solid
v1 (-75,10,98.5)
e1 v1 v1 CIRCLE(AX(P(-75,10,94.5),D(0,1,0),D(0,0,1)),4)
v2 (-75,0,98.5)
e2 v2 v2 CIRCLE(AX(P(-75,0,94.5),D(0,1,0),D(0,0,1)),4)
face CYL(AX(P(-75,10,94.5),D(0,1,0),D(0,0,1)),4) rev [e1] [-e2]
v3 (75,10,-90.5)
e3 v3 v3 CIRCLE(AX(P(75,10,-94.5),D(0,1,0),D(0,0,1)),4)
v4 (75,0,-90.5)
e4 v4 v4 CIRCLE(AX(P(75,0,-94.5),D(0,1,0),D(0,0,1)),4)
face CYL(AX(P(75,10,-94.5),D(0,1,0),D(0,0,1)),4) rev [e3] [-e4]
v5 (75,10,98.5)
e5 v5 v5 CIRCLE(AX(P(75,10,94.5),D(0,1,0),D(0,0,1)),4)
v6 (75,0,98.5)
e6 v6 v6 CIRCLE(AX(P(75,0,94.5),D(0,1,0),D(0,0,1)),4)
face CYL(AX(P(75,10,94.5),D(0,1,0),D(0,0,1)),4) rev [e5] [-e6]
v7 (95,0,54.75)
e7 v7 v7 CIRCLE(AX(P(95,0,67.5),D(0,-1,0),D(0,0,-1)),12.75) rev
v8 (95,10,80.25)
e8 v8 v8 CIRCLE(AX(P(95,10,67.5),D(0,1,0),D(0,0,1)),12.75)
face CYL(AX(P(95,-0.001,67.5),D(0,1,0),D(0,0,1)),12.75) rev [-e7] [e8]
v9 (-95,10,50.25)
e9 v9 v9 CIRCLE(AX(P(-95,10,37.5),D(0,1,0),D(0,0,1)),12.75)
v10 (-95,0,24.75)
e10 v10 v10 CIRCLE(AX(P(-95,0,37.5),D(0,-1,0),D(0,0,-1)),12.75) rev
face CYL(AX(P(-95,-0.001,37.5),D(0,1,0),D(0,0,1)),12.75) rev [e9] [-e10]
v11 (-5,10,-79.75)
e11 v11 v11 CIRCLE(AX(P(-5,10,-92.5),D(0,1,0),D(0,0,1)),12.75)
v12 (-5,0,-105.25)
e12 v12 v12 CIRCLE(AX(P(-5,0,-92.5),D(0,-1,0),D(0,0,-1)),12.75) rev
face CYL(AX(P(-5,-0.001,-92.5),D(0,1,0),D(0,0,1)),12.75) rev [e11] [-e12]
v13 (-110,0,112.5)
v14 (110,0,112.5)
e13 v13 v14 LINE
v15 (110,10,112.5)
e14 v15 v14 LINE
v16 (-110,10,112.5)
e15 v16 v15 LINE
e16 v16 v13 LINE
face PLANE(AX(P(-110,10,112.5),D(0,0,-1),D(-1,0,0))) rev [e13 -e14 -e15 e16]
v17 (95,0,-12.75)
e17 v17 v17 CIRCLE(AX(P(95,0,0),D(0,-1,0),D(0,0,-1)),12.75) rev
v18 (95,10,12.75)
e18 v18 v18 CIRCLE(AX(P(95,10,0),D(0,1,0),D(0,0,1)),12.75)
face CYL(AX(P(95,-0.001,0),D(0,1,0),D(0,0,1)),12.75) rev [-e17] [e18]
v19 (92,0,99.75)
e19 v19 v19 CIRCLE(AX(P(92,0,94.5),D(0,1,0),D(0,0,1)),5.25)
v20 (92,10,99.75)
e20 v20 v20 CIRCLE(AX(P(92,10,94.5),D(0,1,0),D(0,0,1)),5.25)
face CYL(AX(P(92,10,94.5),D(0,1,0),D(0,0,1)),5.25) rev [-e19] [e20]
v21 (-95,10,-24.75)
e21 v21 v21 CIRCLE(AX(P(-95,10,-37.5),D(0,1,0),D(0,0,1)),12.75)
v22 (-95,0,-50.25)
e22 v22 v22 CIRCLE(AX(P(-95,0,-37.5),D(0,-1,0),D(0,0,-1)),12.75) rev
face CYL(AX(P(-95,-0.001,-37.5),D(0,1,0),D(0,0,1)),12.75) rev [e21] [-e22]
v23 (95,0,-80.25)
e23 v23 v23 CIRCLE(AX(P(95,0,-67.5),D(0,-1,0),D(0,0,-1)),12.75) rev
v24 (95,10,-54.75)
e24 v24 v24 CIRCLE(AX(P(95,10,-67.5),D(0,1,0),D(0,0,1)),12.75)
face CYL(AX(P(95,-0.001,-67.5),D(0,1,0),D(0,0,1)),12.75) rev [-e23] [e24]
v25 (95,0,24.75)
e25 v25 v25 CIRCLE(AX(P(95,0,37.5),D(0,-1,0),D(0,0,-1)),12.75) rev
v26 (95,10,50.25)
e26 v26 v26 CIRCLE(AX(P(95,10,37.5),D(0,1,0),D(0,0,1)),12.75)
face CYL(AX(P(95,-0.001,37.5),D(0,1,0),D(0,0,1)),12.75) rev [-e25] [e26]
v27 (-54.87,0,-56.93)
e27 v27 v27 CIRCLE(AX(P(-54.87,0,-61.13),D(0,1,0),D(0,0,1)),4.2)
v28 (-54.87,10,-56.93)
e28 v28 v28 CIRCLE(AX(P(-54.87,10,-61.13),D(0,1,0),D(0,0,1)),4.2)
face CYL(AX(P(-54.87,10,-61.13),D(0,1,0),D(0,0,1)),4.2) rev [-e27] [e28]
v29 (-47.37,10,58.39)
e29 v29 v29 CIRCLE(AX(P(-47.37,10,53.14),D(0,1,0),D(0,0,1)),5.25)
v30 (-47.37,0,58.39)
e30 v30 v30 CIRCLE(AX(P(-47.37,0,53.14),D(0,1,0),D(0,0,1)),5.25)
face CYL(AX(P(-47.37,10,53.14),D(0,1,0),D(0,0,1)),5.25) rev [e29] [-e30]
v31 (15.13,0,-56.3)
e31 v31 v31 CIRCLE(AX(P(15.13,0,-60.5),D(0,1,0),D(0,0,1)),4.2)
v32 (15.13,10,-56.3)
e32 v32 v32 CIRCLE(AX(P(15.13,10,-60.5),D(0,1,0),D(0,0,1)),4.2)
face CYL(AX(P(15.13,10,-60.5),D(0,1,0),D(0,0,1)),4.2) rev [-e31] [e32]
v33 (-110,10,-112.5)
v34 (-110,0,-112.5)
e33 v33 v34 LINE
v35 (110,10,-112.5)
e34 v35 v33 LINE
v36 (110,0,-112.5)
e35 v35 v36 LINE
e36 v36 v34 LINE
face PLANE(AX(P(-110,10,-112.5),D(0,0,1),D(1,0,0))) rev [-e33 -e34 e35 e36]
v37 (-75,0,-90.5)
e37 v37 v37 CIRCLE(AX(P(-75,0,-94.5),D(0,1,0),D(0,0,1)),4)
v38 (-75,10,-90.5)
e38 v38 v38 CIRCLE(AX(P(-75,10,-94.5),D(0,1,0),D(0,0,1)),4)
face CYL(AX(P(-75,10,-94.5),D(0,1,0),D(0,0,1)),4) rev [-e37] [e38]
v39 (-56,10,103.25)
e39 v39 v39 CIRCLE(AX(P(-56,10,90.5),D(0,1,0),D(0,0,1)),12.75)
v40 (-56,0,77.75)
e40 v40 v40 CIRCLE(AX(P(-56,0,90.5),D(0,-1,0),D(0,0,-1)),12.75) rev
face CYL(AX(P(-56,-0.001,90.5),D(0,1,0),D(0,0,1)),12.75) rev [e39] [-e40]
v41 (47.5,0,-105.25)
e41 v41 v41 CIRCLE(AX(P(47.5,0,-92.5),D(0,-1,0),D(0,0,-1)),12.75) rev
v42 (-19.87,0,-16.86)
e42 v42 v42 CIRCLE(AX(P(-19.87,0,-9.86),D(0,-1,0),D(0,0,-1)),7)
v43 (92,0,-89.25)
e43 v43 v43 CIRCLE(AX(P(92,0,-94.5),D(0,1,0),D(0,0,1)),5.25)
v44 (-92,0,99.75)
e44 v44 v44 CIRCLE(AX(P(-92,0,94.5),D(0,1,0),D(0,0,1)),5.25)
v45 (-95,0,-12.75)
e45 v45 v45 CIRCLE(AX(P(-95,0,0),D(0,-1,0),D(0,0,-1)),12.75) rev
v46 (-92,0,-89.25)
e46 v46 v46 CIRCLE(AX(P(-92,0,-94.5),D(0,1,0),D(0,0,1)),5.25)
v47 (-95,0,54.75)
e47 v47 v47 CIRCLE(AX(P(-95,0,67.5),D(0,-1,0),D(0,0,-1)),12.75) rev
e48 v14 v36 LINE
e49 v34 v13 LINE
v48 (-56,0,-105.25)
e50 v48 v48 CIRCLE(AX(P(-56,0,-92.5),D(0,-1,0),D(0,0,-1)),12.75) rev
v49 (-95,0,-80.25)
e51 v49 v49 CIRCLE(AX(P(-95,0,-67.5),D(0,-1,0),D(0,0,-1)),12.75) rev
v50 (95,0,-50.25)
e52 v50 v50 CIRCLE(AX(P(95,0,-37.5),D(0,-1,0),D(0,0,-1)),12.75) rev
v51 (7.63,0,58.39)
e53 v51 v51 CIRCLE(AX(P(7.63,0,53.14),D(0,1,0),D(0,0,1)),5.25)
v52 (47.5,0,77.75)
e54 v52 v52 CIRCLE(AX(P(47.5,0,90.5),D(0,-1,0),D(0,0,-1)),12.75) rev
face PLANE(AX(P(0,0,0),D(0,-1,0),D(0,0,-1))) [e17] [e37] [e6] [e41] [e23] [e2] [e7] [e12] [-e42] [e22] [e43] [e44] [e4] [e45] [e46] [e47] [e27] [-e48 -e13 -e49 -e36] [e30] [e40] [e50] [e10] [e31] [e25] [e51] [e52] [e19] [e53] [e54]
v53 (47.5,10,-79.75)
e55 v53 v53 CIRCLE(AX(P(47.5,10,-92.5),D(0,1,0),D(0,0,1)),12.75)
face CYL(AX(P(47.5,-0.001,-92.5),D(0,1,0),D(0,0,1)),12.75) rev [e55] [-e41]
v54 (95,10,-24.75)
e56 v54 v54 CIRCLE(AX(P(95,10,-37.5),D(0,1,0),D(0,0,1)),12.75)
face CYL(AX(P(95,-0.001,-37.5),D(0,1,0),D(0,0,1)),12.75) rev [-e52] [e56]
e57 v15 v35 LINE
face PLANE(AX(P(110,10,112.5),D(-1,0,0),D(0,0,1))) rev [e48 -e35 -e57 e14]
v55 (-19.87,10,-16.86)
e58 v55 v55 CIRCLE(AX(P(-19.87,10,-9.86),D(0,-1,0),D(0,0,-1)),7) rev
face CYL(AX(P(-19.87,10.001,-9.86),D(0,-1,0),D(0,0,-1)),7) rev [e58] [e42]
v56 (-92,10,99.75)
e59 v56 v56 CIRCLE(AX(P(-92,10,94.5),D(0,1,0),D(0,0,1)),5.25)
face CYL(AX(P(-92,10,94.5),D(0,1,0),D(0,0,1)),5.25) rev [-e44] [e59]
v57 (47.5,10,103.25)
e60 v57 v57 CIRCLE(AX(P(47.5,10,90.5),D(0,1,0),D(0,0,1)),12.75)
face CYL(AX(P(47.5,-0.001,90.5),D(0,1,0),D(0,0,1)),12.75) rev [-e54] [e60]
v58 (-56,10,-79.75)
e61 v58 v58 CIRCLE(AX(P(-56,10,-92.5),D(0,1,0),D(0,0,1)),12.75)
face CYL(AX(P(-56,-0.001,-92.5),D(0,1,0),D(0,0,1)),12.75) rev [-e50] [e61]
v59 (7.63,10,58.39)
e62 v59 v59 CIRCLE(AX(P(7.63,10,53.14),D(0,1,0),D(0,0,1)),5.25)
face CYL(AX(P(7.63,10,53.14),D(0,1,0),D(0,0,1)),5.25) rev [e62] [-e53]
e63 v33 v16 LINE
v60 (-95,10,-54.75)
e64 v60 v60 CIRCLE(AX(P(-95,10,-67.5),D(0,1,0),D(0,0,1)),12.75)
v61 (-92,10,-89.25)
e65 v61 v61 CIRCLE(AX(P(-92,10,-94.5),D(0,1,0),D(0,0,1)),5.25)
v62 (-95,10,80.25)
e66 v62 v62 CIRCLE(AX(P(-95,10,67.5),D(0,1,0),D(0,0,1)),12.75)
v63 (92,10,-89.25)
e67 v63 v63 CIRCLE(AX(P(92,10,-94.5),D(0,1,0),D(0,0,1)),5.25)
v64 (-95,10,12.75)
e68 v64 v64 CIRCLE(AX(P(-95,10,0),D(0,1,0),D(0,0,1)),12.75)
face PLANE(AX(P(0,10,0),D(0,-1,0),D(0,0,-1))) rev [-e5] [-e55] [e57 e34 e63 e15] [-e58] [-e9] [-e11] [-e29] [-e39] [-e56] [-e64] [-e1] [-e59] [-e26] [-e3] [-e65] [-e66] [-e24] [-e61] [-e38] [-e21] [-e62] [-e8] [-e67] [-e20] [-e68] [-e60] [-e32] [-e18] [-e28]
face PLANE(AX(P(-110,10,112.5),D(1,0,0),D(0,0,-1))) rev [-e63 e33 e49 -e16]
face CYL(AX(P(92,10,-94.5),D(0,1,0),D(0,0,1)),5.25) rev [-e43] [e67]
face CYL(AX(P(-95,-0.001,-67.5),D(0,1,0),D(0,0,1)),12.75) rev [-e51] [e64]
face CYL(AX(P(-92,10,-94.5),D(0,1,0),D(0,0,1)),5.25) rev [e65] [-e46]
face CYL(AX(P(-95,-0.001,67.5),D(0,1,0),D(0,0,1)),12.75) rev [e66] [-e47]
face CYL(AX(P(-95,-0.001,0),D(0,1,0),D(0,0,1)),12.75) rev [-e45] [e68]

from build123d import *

# Parameters (mm, degrees)
SKETCH1_W             = 220
SKETCH1_H             = 225
BOSS_EXTRUDE1_DEPTH   = 10
CUT_EXTRUDE2_REACH    = 159.659
SKETCH3_R             = 7
F_8_0MM_DOWEL_HOLE1_D = 8
M10_CLEARANCE_HOLE1_D = 10.5
M10_CLEARANCE_HOLE2_D = 10.5
M8_CLEARANCE_HOLE1_D  = 8.4
CUT_EXTRUDE3_REACH    = 231.365
SKETCH17_R            = 12.75


with BuildPart() as part:
    # Sketch1 → Boss-Extrude1 (new body)
    with BuildSketch(Plane(origin=(0, 0, 0), x_dir=(1, 0, 0), z_dir=(0, 1, 0))):
        Rectangle(SKETCH1_W, SKETCH1_H)
    extrude(amount=BOSS_EXTRUDE1_DEPTH)

    # Sketch3 → Cut-Extrude2 (cut, up to next)
    with BuildSketch(Plane.XZ, mode=Mode.PRIVATE) as cut_extrude2_sk1:
        with Locations(Location((-19.87, -9.86, 0), (0, 0, 270))):
            Circle(SKETCH3_R)
    cut_extrude2_tool1 = extrude(cut_extrude2_sk1.sketch, amount=-CUT_EXTRUDE2_REACH, mode=Mode.PRIVATE) & part.part
    add(cut_extrude2_tool1.solids().sort_by_distance((-19.87, 0, -9.86))[0], mode=Mode.SUBTRACT)

    # Ø8.0mm Dowel Hole1 (through all)
    with Locations(Plane(origin=(0, 10, 0), x_dir=(1, 0, 0), z_dir=(0, 1, 0))):
        with Locations((75, -94.5), (-75, -94.5), (75, 94.5), (-75, 94.5)):
            Hole(F_8_0MM_DOWEL_HOLE1_D / 2)

    # M10 Clearance Hole1 (through all)
    with Locations(Plane(origin=(0, 10, 0), x_dir=(1, 0, 0), z_dir=(0, 1, 0))):
        with Locations((92, -94.5), (92, 94.5), (-92, 94.5), (-92, -94.5)):
            Hole(M10_CLEARANCE_HOLE1_D / 2)

    # M10 Clearance Hole2 (through all)
    with Locations(Plane(origin=(0, 10, 0), x_dir=(1, 0, 0), z_dir=(0, 1, 0))):
        with Locations((7.63, -53.14), (-47.37, -53.14)):
            Hole(M10_CLEARANCE_HOLE2_D / 2)

    # M8 Clearance Hole1 (through all)
    with Locations(Plane(origin=(0, 10, 0), x_dir=(1, 0, 0), z_dir=(0, 1, 0))):
        with Locations((15.13, 60.5), (-54.87, 61.13)):
            Hole(M8_CLEARANCE_HOLE1_D / 2)

    # Sketch17 → Cut-Extrude3 (cut, up to next)
    with BuildSketch(Plane(origin=(89.63, 10, 0), x_dir=(1, 0, 0), z_dir=(0, 1, 0)), mode=Mode.PRIVATE) as cut_extrude3_sk1:
        with Locations(Location((-184.63, 0, 0), (0, 0, 270))):
            Circle(SKETCH17_R)
    cut_extrude3_tool1 = extrude(cut_extrude3_sk1.sketch, amount=-CUT_EXTRUDE3_REACH, mode=Mode.PRIVATE) & part.part
    # Sketch17 → Cut-Extrude3 (cut, up to next)
    with BuildSketch(Plane(origin=(89.63, 10, 0), x_dir=(1, 0, 0), z_dir=(0, 1, 0)), mode=Mode.PRIVATE) as cut_extrude3_sk2:
        with Locations(Location((-184.63, -37.5, 0), (0, 0, 270))):
            Circle(SKETCH17_R)
    cut_extrude3_tool2 = extrude(cut_extrude3_sk2.sketch, amount=-CUT_EXTRUDE3_REACH, mode=Mode.PRIVATE) & part.part
    # Sketch17 → Cut-Extrude3 (cut, up to next)
    with BuildSketch(Plane(origin=(89.63, 10, 0), x_dir=(1, 0, 0), z_dir=(0, 1, 0)), mode=Mode.PRIVATE) as cut_extrude3_sk3:
        with Locations(Location((-184.63, -67.5, 0), (0, 0, 270))):
            Circle(SKETCH17_R)
    cut_extrude3_tool3 = extrude(cut_extrude3_sk3.sketch, amount=-CUT_EXTRUDE3_REACH, mode=Mode.PRIVATE) & part.part
    # Sketch17 → Cut-Extrude3 (cut, up to next)
    with BuildSketch(Plane(origin=(89.63, 10, 0), x_dir=(1, 0, 0), z_dir=(0, 1, 0)), mode=Mode.PRIVATE) as cut_extrude3_sk4:
        with Locations(Location((-145.63, -90.5, 0), (0, 0, 270))):
            Circle(SKETCH17_R)
    cut_extrude3_tool4 = extrude(cut_extrude3_sk4.sketch, amount=-CUT_EXTRUDE3_REACH, mode=Mode.PRIVATE) & part.part
    # Sketch17 → Cut-Extrude3 (cut, up to next)
    with BuildSketch(Plane(origin=(89.63, 10, 0), x_dir=(1, 0, 0), z_dir=(0, 1, 0)), mode=Mode.PRIVATE) as cut_extrude3_sk5:
        with Locations(Location((-42.13, -90.5, 0), (0, 0, 270))):
            Circle(SKETCH17_R)
    cut_extrude3_tool5 = extrude(cut_extrude3_sk5.sketch, amount=-CUT_EXTRUDE3_REACH, mode=Mode.PRIVATE) & part.part
    # Sketch17 → Cut-Extrude3 (cut, up to next)
    with BuildSketch(Plane(origin=(89.63, 10, 0), x_dir=(1, 0, 0), z_dir=(0, 1, 0)), mode=Mode.PRIVATE) as cut_extrude3_sk6:
        with Locations(Location((5.37, -67.5, 0), (0, 0, 270))):
            Circle(SKETCH17_R)
    cut_extrude3_tool6 = extrude(cut_extrude3_sk6.sketch, amount=-CUT_EXTRUDE3_REACH, mode=Mode.PRIVATE) & part.part
    # Sketch17 → Cut-Extrude3 (cut, up to next)
    with BuildSketch(Plane(origin=(89.63, 10, 0), x_dir=(1, 0, 0), z_dir=(0, 1, 0)), mode=Mode.PRIVATE) as cut_extrude3_sk7:
        with Locations(Location((5.37, -37.5, 0), (0, 0, 270))):
            Circle(SKETCH17_R)
    cut_extrude3_tool7 = extrude(cut_extrude3_sk7.sketch, amount=-CUT_EXTRUDE3_REACH, mode=Mode.PRIVATE) & part.part
    # Sketch17 → Cut-Extrude3 (cut, up to next)
    with BuildSketch(Plane(origin=(89.63, 10, 0), x_dir=(1, 0, 0), z_dir=(0, 1, 0)), mode=Mode.PRIVATE) as cut_extrude3_sk8:
        with Locations(Location((5.37, 0, 0), (0, 0, 270))):
            Circle(SKETCH17_R)
    cut_extrude3_tool8 = extrude(cut_extrude3_sk8.sketch, amount=-CUT_EXTRUDE3_REACH, mode=Mode.PRIVATE) & part.part
    # Sketch17 → Cut-Extrude3 (cut, up to next)
    with BuildSketch(Plane(origin=(89.63, 10, 0), x_dir=(1, 0, 0), z_dir=(0, 1, 0)), mode=Mode.PRIVATE) as cut_extrude3_sk9:
        with Locations(Location((-184.63, 37.5, 0), (0, 0, 270))):
            Circle(SKETCH17_R)
    cut_extrude3_tool9 = extrude(cut_extrude3_sk9.sketch, amount=-CUT_EXTRUDE3_REACH, mode=Mode.PRIVATE) & part.part
    # Sketch17 → Cut-Extrude3 (cut, up to next)
    with BuildSketch(Plane(origin=(89.63, 10, 0), x_dir=(1, 0, 0), z_dir=(0, 1, 0)), mode=Mode.PRIVATE) as cut_extrude3_sk10:
        with Locations(Location((-184.63, 67.5, 0), (0, 0, 270))):
            Circle(SKETCH17_R)
    cut_extrude3_tool10 = extrude(cut_extrude3_sk10.sketch, amount=-CUT_EXTRUDE3_REACH, mode=Mode.PRIVATE) & part.part
    # Sketch17 → Cut-Extrude3 (cut, up to next)
    with BuildSketch(Plane(origin=(89.63, 10, 0), x_dir=(1, 0, 0), z_dir=(0, 1, 0)), mode=Mode.PRIVATE) as cut_extrude3_sk11:
        with Locations(Location((5.37, 37.5, 0), (0, 0, 270))):
            Circle(SKETCH17_R)
    cut_extrude3_tool11 = extrude(cut_extrude3_sk11.sketch, amount=-CUT_EXTRUDE3_REACH, mode=Mode.PRIVATE) & part.part
    # Sketch17 → Cut-Extrude3 (cut, up to next)
    with BuildSketch(Plane(origin=(89.63, 10, 0), x_dir=(1, 0, 0), z_dir=(0, 1, 0)), mode=Mode.PRIVATE) as cut_extrude3_sk12:
        with Locations(Location((5.37, 67.5, 0), (0, 0, 270))):
            Circle(SKETCH17_R)
    cut_extrude3_tool12 = extrude(cut_extrude3_sk12.sketch, amount=-CUT_EXTRUDE3_REACH, mode=Mode.PRIVATE) & part.part
    # Sketch17 → Cut-Extrude3 (cut, up to next)
    with BuildSketch(Plane(origin=(89.63, 10, 0), x_dir=(1, 0, 0), z_dir=(0, 1, 0)), mode=Mode.PRIVATE) as cut_extrude3_sk13:
        with Locations(Location((-42.13, 92.5, 0), (0, 0, 270))):
            Circle(SKETCH17_R)
    cut_extrude3_tool13 = extrude(cut_extrude3_sk13.sketch, amount=-CUT_EXTRUDE3_REACH, mode=Mode.PRIVATE) & part.part
    # Sketch17 → Cut-Extrude3 (cut, up to next)
    with BuildSketch(Plane(origin=(89.63, 10, 0), x_dir=(1, 0, 0), z_dir=(0, 1, 0)), mode=Mode.PRIVATE) as cut_extrude3_sk14:
        with Locations(Location((-94.63, 92.5, 0), (0, 0, 270))):
            Circle(SKETCH17_R)
    cut_extrude3_tool14 = extrude(cut_extrude3_sk14.sketch, amount=-CUT_EXTRUDE3_REACH, mode=Mode.PRIVATE) & part.part
    # Sketch17 → Cut-Extrude3 (cut, up to next)
    with BuildSketch(Plane(origin=(89.63, 10, 0), x_dir=(1, 0, 0), z_dir=(0, 1, 0)), mode=Mode.PRIVATE) as cut_extrude3_sk15:
        with Locations(Location((-145.63, 92.5, 0), (0, 0, 270))):
            Circle(SKETCH17_R)
    cut_extrude3_tool15 = extrude(cut_extrude3_sk15.sketch, amount=-CUT_EXTRUDE3_REACH, mode=Mode.PRIVATE) & part.part
    add(cut_extrude3_tool1.solids().sort_by_distance((-95, 10, 0))[0], mode=Mode.SUBTRACT)
    add(cut_extrude3_tool2.solids().sort_by_distance((-95, 10, 37.5))[0], mode=Mode.SUBTRACT)
    add(cut_extrude3_tool3.solids().sort_by_distance((-95, 10, 67.5))[0], mode=Mode.SUBTRACT)
    add(cut_extrude3_tool4.solids().sort_by_distance((-56, 10, 90.5))[0], mode=Mode.SUBTRACT)
    add(cut_extrude3_tool5.solids().sort_by_distance((47.5, 10, 90.5))[0], mode=Mode.SUBTRACT)
    add(cut_extrude3_tool6.solids().sort_by_distance((95, 10, 67.5))[0], mode=Mode.SUBTRACT)
    add(cut_extrude3_tool7.solids().sort_by_distance((95, 10, 37.5))[0], mode=Mode.SUBTRACT)
    add(cut_extrude3_tool8.solids().sort_by_distance((95, 10, 0))[0], mode=Mode.SUBTRACT)
    add(cut_extrude3_tool9.solids().sort_by_distance((-95, 10, -37.5))[0], mode=Mode.SUBTRACT)
    add(cut_extrude3_tool10.solids().sort_by_distance((-95, 10, -67.5))[0], mode=Mode.SUBTRACT)
    add(cut_extrude3_tool11.solids().sort_by_distance((95, 10, -37.5))[0], mode=Mode.SUBTRACT)
    add(cut_extrude3_tool12.solids().sort_by_distance((95, 10, -67.5))[0], mode=Mode.SUBTRACT)
    add(cut_extrude3_tool13.solids().sort_by_distance((47.5, 10, -92.5))[0], mode=Mode.SUBTRACT)
    add(cut_extrude3_tool14.solids().sort_by_distance((-5, 10, -92.5))[0], mode=Mode.SUBTRACT)
    add(cut_extrude3_tool15.solids().sort_by_distance((-56, 10, -92.5))[0], mode=Mode.SUBTRACT)


solid = part.part
